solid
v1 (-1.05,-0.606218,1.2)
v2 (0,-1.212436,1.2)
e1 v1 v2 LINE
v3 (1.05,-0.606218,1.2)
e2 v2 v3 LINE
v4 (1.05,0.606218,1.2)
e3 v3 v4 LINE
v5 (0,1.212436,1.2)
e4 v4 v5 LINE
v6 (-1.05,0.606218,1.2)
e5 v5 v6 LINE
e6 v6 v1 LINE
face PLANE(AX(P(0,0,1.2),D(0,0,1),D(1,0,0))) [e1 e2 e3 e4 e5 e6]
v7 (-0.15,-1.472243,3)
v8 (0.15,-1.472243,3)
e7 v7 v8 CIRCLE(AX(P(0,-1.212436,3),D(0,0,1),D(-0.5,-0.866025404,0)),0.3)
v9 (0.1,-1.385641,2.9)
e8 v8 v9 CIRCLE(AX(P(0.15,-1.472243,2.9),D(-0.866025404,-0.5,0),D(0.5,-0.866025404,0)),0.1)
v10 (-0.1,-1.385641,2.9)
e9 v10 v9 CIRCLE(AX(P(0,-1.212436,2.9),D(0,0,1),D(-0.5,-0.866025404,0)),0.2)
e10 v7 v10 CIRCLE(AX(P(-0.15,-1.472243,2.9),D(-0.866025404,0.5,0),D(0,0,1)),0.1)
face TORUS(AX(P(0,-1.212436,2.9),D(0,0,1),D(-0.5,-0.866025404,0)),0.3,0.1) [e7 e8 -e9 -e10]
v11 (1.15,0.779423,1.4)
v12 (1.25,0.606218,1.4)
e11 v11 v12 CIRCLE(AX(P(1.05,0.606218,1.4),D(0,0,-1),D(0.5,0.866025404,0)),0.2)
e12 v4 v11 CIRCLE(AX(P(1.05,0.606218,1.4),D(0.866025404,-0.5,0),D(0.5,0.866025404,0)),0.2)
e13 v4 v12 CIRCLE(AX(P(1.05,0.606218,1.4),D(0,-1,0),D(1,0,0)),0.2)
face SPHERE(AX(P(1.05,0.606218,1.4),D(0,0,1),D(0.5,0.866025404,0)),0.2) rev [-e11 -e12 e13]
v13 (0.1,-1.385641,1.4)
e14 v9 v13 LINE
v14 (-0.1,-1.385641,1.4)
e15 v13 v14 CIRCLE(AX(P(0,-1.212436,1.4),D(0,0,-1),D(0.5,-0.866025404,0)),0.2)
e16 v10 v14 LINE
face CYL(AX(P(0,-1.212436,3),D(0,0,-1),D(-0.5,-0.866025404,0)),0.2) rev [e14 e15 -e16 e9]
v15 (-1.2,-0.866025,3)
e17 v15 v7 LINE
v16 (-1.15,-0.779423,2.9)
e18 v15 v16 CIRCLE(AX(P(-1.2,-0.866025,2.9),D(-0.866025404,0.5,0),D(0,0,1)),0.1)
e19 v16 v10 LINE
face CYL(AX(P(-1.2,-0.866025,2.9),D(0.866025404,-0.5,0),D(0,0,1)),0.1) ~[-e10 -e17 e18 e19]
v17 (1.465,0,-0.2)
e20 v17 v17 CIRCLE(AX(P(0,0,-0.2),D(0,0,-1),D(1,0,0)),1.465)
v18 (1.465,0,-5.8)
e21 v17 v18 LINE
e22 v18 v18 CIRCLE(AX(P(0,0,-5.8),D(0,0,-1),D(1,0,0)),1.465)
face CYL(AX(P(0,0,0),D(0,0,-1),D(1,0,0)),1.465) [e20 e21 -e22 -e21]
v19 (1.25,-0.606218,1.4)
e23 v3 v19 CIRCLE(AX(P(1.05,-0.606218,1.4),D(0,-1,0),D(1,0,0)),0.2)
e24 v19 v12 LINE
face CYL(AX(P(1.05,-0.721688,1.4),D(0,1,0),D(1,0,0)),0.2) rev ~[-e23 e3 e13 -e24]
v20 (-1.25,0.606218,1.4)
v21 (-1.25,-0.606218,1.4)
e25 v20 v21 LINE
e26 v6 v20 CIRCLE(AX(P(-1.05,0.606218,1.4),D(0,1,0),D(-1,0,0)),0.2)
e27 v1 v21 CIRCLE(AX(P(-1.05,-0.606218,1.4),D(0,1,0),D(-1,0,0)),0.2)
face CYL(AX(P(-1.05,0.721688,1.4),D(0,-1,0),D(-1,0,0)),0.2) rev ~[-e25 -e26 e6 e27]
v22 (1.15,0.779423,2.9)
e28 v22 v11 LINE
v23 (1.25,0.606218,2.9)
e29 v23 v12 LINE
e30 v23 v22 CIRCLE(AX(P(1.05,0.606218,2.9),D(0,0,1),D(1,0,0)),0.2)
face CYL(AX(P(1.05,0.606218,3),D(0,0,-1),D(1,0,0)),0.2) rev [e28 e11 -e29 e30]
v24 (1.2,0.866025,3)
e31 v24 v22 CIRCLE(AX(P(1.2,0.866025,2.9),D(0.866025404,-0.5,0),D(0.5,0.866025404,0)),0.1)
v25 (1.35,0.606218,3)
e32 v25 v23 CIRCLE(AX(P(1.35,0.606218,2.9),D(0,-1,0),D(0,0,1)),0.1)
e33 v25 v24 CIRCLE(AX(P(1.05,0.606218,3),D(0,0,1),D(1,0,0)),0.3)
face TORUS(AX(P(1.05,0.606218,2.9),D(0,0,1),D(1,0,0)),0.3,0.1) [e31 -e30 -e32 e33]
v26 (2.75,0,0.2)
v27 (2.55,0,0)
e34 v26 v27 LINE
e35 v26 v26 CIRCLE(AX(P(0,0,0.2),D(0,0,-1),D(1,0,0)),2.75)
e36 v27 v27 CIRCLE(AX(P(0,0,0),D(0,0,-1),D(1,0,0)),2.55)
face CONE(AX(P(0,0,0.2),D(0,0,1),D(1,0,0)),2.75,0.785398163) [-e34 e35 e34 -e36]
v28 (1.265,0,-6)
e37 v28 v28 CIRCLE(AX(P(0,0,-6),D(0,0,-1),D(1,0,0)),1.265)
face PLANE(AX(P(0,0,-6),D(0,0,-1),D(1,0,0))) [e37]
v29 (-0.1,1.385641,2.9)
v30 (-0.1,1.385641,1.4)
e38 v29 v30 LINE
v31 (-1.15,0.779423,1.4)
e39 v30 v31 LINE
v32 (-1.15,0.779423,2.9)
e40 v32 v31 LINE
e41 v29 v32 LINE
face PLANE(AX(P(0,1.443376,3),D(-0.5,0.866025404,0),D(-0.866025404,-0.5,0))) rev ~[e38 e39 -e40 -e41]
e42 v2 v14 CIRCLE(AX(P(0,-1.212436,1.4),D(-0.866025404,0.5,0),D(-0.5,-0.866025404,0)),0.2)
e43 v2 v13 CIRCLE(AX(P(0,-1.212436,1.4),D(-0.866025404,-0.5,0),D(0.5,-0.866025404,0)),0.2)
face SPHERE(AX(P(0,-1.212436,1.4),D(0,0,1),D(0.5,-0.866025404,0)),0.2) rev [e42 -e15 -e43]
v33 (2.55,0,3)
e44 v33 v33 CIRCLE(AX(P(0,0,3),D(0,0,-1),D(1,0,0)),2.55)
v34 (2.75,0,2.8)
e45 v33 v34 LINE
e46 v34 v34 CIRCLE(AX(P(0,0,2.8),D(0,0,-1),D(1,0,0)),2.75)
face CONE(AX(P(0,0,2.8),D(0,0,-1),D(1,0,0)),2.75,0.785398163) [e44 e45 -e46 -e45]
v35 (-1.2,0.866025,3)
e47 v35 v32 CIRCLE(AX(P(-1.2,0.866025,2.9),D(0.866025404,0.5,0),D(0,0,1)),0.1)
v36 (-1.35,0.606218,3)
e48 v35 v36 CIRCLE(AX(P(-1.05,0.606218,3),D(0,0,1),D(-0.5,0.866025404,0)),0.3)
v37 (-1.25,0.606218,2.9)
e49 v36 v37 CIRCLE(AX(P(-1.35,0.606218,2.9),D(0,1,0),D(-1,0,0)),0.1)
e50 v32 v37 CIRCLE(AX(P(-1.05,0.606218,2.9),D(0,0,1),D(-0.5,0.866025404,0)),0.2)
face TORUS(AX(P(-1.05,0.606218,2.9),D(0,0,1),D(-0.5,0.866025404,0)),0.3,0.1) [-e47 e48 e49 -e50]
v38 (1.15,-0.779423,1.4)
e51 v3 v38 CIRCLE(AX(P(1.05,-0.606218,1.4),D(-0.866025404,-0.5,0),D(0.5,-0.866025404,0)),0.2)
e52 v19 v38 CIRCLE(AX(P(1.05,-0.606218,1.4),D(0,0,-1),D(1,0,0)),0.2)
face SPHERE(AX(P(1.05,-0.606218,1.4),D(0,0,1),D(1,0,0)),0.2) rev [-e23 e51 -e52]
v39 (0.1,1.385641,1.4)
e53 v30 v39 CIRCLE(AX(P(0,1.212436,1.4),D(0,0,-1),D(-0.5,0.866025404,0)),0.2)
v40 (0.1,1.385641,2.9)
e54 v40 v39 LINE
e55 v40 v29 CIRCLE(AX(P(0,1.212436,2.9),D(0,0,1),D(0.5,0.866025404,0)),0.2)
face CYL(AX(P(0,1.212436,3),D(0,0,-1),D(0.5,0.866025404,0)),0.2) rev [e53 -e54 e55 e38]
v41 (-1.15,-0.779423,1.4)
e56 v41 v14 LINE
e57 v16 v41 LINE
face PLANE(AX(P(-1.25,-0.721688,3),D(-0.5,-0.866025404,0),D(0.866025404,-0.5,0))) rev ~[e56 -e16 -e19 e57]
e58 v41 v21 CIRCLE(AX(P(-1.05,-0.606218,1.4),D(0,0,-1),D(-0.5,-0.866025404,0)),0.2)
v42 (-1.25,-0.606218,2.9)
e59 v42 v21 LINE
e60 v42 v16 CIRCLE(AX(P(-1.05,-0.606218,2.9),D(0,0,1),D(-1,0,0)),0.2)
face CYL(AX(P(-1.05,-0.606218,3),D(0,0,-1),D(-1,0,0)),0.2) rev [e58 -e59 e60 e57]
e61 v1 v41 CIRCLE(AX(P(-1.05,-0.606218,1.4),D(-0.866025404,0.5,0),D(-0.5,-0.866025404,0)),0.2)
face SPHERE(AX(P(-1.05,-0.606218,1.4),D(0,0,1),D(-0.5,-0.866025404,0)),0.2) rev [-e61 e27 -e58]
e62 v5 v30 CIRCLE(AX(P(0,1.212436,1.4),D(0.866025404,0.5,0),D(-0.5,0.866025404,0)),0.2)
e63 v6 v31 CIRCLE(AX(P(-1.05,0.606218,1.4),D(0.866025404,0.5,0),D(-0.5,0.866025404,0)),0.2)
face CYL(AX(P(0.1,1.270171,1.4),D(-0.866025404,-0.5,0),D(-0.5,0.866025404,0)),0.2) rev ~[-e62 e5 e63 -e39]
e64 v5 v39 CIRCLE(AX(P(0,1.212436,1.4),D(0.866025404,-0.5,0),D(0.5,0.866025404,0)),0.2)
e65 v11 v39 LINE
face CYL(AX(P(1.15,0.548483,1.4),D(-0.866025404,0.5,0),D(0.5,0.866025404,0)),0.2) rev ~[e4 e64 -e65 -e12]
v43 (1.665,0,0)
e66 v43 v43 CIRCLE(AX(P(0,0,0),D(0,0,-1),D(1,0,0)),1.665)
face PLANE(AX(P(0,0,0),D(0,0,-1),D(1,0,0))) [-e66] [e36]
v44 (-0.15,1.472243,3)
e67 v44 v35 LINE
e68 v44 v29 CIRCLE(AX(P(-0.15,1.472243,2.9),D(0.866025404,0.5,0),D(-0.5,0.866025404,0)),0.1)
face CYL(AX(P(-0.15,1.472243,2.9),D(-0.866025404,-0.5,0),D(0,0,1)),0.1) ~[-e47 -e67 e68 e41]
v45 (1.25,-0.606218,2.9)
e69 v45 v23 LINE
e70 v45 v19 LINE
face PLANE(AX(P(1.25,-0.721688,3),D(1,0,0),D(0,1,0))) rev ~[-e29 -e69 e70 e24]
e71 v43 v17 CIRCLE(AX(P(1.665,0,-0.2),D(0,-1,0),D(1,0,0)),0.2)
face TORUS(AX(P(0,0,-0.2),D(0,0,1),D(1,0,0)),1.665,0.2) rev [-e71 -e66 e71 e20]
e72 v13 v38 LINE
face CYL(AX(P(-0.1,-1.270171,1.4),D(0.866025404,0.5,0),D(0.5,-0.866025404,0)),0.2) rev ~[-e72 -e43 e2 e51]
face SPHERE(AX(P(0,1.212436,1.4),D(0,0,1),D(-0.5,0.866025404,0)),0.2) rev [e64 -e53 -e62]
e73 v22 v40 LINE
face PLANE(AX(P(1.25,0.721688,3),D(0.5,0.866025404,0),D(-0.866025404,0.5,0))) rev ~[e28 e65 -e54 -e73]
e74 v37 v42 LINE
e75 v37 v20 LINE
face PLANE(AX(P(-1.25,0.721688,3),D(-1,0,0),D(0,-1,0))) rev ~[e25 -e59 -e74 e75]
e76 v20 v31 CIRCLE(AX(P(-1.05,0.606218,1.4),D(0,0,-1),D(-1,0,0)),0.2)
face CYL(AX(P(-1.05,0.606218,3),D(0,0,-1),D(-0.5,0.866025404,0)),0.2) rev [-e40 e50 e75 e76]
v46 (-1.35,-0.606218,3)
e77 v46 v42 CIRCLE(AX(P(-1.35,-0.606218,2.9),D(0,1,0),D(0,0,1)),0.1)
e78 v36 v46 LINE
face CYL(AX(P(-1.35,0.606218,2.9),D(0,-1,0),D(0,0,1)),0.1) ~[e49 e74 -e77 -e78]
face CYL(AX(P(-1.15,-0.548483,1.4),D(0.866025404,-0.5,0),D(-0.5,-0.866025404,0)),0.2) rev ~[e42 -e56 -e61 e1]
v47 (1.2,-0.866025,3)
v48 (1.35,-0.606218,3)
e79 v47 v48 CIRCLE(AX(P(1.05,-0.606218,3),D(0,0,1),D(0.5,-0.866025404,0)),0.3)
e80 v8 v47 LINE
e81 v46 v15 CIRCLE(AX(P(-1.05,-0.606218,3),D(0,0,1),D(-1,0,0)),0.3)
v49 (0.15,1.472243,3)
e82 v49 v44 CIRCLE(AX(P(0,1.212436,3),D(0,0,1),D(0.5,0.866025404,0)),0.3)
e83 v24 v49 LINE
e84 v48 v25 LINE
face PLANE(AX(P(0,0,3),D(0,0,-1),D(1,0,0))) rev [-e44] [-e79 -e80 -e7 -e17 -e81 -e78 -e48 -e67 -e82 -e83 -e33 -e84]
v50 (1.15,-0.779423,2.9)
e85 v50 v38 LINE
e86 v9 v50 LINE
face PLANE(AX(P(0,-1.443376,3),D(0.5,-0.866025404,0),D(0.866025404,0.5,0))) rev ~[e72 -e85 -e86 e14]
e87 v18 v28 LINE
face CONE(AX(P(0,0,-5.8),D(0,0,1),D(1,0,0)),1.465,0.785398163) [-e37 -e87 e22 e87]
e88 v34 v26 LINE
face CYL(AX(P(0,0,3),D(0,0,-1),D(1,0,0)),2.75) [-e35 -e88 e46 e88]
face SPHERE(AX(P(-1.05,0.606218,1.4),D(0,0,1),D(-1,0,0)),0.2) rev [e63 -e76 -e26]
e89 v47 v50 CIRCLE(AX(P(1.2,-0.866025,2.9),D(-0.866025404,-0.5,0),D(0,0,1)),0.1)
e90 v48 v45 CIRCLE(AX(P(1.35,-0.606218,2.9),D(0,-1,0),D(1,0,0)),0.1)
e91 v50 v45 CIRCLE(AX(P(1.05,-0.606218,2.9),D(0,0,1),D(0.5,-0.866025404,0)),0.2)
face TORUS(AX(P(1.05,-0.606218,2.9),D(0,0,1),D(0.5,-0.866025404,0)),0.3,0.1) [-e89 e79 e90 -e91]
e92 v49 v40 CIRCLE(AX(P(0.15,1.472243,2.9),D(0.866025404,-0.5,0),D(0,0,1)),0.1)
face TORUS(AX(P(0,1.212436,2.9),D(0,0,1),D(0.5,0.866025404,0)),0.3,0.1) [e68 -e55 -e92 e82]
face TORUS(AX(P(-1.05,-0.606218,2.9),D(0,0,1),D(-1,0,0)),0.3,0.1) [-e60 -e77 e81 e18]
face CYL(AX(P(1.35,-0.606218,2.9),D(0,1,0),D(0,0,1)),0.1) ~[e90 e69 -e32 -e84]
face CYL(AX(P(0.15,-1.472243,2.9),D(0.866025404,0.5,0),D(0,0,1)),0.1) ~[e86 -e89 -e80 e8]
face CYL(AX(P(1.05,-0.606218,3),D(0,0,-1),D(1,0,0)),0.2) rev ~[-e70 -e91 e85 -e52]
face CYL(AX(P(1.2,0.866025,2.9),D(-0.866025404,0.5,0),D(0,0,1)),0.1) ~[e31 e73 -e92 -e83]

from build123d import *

# Parameters (mm, degrees)
SCHNITT_LINEAR_AUSTRAGEN1_DEPTH = 1.8
FASE1_SIZE                      = 0.2
VERRUNDUNG1_R                   = 0.2
VERRUNDUNG2_R                   = 0.1


with BuildPart() as part:
    # Skizze1 → Rotation1 (revolve)
    with BuildSketch(Plane(origin=(0, 0, 0), x_dir=(0, 0, -1), z_dir=(1, 0, 0))):
        Polygon((-3, 0), (-3, 2.75), (0, 2.75), (0, 1.465), (6, 1.465), (6, 0), align=None)
    revolve(axis=Axis((0, 0, 21.919879518), (0, 0, -1)))

    # Skizze2 → Schnitt-Linear austragen1 (cut)
    with BuildSketch(Plane.XY.offset(3)):
        Polygon((1.25, -0.721687836), (1.25, 0.721687836), (0, 1.443375673), (-1.25, 0.721687836), (-1.25, -0.721687836), (0, -1.443375673), align=None)
    extrude(amount=-SCHNITT_LINEAR_AUSTRAGEN1_DEPTH, mode=Mode.SUBTRACT)

    # Fase1
    fase1_edges = [part.edges().sort_by_distance(p)[0] for p in [
        (0, -2.75, 3),
        (0, -2.75, 0),
        (0, -1.465, -6),
    ]]
    chamfer(fase1_edges, length=FASE1_SIZE)

    # Verrundung1
    verrundung1_edges = [part.edges().sort_by_distance(p)[0] for p in [
        (-0.625, -1.082531755, 1.2),
        (-1.25, 0, 1.2),
        (-0.625, 1.082531755, 1.2),
        (0.625, 1.082531755, 1.2),
        (1.25, 0, 1.2),
        (0.625, -1.082531755, 1.2),
        (-1.25, -0.721687836, 2.1),
        (0, -1.443375673, 2.1),
        (1.25, -0.721687836, 2.1),
        (1.25, 0.721687836, 2.1),
        (0, 1.443375673, 2.1),
        (-1.25, 0.721687836, 2.1),
        (0, -1.465, 0),
    ]]
    fillet(verrundung1_edges, radius=VERRUNDUNG1_R)

    # Verrundung2
    verrundung2_edges = [part.edges().sort_by_distance(p)[0] for p in [
        (1.223205081, -0.706217783, 3),
        (0.625, -1.082531755, 3),
        (0, -1.412435565, 3),
        (-0.625, -1.082531755, 3),
        (-1.223205081, -0.706217783, 3),
        (-1.25, 0, 3),
        (-1.223205081, 0.706217783, 3),
        (-0.625, 1.082531755, 3),
        (0, 1.412435565, 3),
        (0.625, 1.082531755, 3),
        (1.223205081, 0.706217783, 3),
        (1.25, 0, 3),
    ]]
    fillet(verrundung2_edges, radius=VERRUNDUNG2_R)


solid = part.part
